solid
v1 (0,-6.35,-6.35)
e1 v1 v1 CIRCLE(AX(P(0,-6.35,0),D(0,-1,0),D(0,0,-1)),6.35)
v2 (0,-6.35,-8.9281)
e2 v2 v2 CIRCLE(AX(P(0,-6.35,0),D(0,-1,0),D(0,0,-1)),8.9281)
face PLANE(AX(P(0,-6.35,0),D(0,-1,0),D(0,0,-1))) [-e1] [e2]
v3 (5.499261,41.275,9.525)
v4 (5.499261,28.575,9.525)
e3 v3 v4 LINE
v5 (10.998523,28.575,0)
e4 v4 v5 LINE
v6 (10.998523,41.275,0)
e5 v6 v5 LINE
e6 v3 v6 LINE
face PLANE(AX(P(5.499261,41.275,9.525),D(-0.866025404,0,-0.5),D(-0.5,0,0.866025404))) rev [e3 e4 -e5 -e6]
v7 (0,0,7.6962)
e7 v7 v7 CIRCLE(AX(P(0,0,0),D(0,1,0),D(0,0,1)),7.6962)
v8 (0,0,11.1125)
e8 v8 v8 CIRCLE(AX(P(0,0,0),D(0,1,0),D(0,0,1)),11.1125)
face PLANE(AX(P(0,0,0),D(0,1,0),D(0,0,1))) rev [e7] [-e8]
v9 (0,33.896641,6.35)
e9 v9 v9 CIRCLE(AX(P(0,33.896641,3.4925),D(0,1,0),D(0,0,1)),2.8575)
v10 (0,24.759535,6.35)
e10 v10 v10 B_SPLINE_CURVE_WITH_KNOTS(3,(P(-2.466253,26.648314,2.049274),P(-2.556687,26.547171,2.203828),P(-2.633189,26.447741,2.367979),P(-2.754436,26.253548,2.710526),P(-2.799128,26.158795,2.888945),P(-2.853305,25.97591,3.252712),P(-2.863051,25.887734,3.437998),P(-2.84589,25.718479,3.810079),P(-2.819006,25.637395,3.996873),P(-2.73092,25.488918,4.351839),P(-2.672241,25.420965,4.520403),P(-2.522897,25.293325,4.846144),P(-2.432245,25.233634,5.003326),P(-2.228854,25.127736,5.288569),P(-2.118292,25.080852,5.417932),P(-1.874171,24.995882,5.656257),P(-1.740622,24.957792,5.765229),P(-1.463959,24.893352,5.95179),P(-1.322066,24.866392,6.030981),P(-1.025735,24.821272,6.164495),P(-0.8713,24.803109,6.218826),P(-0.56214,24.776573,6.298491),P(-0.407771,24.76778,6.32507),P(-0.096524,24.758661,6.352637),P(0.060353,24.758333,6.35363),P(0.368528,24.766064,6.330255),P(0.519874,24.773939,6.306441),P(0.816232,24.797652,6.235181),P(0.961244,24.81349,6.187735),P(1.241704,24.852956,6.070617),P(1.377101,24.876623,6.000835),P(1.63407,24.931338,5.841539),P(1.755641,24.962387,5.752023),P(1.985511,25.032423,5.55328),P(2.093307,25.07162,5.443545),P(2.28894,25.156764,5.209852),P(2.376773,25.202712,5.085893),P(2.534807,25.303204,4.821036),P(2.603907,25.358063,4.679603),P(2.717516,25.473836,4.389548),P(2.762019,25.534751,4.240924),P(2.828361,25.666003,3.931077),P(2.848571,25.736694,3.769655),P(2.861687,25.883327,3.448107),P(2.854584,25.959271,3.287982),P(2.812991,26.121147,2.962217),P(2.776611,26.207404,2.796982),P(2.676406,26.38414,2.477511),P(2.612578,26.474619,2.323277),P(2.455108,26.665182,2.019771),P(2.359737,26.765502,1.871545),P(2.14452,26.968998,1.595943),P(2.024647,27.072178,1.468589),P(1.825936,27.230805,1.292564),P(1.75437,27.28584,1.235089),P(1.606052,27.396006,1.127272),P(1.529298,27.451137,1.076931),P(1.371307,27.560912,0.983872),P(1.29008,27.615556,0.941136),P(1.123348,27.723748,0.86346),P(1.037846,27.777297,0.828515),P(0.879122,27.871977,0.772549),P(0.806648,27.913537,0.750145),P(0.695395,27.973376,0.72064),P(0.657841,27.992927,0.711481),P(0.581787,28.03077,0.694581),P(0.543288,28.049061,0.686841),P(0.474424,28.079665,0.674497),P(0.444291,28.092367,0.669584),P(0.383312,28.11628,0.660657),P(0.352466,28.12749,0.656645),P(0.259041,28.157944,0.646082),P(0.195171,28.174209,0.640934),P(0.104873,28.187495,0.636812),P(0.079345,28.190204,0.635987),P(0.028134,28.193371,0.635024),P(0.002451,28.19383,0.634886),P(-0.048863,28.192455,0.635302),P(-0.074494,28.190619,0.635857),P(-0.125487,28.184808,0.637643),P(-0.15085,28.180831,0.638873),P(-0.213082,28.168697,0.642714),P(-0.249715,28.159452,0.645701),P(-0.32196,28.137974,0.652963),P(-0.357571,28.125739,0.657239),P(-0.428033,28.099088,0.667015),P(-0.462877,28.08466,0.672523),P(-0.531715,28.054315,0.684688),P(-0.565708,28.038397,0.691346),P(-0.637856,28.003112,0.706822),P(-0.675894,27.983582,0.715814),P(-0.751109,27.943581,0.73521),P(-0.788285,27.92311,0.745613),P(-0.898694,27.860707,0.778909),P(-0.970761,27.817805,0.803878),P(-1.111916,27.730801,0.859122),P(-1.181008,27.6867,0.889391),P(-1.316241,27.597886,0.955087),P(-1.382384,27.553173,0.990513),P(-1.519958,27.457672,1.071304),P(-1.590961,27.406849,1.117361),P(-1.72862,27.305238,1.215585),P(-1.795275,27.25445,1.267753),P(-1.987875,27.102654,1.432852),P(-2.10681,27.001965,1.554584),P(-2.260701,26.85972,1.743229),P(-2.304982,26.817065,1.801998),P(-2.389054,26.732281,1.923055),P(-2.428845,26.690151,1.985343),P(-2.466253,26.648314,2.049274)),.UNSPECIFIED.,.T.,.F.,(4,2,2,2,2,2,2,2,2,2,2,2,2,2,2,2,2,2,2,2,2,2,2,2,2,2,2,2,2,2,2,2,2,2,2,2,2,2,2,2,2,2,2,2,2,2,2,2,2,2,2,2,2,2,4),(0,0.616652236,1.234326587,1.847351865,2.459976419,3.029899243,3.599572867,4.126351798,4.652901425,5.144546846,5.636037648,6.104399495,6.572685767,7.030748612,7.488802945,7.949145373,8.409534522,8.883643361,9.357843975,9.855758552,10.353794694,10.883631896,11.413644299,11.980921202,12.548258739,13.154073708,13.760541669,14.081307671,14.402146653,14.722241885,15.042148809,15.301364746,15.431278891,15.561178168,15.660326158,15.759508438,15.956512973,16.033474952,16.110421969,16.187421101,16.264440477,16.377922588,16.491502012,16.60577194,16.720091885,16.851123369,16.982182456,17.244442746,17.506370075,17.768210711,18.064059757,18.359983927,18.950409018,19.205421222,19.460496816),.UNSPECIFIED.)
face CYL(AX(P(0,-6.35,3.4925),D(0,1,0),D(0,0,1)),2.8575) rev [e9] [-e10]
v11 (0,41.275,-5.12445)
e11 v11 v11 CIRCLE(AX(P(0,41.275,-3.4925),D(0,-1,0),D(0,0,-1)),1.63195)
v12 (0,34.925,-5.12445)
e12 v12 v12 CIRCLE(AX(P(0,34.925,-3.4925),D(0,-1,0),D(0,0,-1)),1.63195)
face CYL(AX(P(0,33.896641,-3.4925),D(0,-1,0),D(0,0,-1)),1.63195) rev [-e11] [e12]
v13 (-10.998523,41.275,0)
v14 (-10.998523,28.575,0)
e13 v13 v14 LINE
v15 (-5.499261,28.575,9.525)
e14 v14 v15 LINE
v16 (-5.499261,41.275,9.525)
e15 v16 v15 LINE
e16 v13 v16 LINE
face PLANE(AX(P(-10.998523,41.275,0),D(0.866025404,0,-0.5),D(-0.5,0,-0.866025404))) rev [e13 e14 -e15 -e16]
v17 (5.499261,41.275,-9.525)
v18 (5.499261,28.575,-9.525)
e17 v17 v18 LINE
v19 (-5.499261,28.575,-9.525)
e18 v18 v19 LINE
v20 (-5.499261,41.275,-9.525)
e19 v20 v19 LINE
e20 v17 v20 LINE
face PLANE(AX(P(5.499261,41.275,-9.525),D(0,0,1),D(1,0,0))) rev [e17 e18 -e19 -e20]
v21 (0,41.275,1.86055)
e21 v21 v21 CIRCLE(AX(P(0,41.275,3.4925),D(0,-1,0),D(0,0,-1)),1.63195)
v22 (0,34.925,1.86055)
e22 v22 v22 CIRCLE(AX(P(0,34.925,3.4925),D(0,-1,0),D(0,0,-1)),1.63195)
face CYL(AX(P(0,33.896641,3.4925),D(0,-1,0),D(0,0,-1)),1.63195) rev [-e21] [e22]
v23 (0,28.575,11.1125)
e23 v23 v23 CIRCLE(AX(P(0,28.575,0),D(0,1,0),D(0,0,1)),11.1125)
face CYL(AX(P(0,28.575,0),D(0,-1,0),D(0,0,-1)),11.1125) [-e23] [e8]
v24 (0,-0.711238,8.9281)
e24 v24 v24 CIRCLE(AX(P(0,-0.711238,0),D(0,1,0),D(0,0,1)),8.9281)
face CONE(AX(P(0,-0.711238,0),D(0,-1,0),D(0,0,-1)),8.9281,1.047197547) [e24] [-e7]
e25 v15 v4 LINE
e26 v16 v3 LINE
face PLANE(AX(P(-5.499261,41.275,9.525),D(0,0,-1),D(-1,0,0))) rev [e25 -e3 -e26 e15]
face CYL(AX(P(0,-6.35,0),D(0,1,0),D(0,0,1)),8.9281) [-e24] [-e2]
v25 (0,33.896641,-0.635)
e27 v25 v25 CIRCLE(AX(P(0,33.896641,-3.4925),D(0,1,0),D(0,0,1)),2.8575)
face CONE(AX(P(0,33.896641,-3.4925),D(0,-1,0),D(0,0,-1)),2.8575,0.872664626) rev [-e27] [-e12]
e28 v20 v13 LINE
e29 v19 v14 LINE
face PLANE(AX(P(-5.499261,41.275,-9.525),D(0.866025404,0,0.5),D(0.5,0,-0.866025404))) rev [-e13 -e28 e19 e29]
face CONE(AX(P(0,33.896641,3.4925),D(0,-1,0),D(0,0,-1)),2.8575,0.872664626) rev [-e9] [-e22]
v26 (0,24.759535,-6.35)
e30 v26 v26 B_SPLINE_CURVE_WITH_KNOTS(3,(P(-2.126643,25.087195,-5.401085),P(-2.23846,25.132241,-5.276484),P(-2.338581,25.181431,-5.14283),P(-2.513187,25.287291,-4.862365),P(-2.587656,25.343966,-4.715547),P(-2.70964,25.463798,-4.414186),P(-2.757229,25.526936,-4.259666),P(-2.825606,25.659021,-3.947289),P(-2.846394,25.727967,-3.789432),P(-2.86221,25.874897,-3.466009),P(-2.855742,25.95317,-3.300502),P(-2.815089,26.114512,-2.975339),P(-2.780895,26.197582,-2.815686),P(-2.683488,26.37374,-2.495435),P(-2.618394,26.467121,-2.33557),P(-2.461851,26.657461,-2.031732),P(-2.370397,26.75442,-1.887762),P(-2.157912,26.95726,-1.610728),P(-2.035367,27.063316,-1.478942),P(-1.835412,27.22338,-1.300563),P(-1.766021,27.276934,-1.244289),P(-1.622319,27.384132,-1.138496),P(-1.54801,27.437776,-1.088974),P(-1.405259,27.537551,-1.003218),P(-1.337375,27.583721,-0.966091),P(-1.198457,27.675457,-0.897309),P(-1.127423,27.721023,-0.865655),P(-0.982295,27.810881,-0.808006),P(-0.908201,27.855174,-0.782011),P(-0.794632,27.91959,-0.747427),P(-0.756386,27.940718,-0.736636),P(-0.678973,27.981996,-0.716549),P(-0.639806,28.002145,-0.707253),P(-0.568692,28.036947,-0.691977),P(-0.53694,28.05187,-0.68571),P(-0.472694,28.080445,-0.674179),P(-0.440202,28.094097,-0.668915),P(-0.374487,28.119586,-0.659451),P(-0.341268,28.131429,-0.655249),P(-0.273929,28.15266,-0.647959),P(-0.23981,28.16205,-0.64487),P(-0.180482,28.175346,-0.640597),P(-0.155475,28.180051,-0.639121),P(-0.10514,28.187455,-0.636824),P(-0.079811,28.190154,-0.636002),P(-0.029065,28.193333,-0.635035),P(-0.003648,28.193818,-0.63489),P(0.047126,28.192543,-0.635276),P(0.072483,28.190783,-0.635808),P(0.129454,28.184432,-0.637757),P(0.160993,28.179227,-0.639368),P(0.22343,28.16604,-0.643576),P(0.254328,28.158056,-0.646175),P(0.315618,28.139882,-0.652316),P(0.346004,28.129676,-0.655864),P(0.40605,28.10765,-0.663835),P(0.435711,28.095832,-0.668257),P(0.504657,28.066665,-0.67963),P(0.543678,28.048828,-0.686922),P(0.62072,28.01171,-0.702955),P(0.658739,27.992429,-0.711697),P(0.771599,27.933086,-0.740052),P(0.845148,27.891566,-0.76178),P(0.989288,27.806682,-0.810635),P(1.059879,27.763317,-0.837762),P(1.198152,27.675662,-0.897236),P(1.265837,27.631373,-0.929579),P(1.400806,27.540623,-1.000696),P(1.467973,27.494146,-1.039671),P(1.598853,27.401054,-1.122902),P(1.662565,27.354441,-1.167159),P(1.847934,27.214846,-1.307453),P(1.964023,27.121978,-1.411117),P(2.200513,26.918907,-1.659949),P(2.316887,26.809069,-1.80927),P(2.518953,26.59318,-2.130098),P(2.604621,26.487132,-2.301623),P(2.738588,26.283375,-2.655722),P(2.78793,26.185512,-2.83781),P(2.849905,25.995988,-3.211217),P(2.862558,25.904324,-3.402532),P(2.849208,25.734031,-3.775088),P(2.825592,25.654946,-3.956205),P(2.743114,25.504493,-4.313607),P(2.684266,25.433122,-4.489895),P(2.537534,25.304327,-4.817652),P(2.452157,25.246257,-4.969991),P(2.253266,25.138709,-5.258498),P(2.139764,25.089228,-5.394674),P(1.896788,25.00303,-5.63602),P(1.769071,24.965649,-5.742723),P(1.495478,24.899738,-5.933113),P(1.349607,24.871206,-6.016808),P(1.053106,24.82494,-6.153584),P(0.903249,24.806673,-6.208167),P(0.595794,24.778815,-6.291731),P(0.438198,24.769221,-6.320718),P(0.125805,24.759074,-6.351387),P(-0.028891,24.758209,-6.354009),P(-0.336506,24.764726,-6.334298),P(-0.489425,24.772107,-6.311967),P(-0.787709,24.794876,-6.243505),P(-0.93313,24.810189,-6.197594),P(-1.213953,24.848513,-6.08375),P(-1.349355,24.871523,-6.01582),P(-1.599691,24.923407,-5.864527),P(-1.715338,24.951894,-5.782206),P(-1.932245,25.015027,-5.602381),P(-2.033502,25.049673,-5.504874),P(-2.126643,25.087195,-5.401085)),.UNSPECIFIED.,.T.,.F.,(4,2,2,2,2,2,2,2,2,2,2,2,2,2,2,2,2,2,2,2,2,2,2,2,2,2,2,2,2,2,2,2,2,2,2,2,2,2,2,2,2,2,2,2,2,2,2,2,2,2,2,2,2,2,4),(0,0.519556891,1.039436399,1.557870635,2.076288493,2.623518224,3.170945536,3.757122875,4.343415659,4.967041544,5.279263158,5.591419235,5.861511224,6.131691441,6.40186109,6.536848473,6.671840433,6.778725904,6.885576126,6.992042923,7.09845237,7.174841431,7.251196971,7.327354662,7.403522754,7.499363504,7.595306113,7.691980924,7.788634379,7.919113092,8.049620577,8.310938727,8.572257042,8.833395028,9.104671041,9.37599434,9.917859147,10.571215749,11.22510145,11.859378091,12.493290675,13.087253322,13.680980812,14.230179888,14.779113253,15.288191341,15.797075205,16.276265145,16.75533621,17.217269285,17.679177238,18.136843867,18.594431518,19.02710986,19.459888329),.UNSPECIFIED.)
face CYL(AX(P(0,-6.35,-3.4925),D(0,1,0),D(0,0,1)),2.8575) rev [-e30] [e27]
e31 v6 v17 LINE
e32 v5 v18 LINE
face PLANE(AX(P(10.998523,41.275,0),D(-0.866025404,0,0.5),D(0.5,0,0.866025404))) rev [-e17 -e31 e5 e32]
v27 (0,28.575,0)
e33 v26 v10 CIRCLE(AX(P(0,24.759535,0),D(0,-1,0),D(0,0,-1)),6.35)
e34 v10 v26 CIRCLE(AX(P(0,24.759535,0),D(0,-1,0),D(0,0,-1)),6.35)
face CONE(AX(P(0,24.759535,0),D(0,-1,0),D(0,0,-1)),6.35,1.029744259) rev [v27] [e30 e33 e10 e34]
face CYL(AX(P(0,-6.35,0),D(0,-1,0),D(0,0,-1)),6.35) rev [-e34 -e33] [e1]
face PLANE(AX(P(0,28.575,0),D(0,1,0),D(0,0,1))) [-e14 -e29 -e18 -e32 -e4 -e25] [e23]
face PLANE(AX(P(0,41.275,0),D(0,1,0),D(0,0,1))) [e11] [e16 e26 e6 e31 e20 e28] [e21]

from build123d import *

# Parameters (mm, degrees)
MAIN_BODY_PROFILE_R     = 11.1125
MAIN_BODY_EXTRUDE_DEPTH = 28.575
HEXAGON_BODY_DEPTH      = 12.7
TIP_PROFILE_R           = 8.9281
TIP_BODY_DEPTH          = 6.35
BACK_POWDER_HOLE_D      = 12.7
BACK_POWDER_HOLE_DEPTH  = 31.109535069
BACK_POWDER_HOLE_TIP    = 3.815464931
SCREW_HOLES_AT_2_COUNT  = 2
SCREW_HOLES_AT_2_PITCH  = 6.985
SKETCH12_R              = 2.8575
THROUGH_HOLES_DEPTH     = 41.246641376


with BuildPart() as part:
    # Main Body Profile → Main Body Extrude (new body)
    with BuildSketch(Plane(origin=(0, 0, 0), x_dir=(1, 0, 0), z_dir=(0, 1, 0))):
        Circle(MAIN_BODY_PROFILE_R)
    extrude(amount=MAIN_BODY_EXTRUDE_DEPTH)

    # Hexagon Profile → Hexagon Body (add)
    with BuildSketch(Plane(origin=(0, 28.575, 0), x_dir=(1, 0, 0), z_dir=(0, 1, 0))):
        Polygon((5.499261314, 9.525), (-5.499261314, 9.525), (-10.998522628, 0), (-5.499261314, -9.525), (5.499261314, -9.525), (10.998522628, 0), align=None)
    extrude(amount=HEXAGON_BODY_DEPTH)

    # Tip Profile → Tip Body (add)
    with BuildSketch(Plane.XZ):
        Circle(TIP_PROFILE_R)
    extrude(amount=TIP_BODY_DEPTH)

    # Back Powder Hole
    with Locations(Plane(origin=(0, -6.35, 0), x_dir=(-1, 0, 0), z_dir=(0, -1, 0))):
        with Locations((0, 0)):
            Hole(BACK_POWDER_HOLE_D / 2, depth=BACK_POWDER_HOLE_DEPTH)
            with Locations((0, 0, -(BACK_POWDER_HOLE_DEPTH + BACK_POWDER_HOLE_TIP / 2))):  # 118° drill point
                Cone(0, BACK_POWDER_HOLE_D / 2, BACK_POWDER_HOLE_TIP, mode=Mode.SUBTRACT)

    # Sketch11 → Screw Holes (revolve, cut)
    with BuildSketch(Plane(origin=(0, 33.896641376, 3.4925), x_dir=(0, 0, -1), z_dir=(1, 0, 0))):
        Polygon((0, 0), (0, 7.378358624), (1.63195, 7.378358624), (1.63195, 1.028358553), (2.8575, 0), align=None)
    screw_holes = revolve(axis=Axis((0, 27.546641376, 3.4925), (0, 1, 0)), mode=Mode.SUBTRACT)

    # Screw Holes at 2: Screw Holes ×2
    with Locations(*[(0, 0, -i * SCREW_HOLES_AT_2_PITCH) for i in range(1, SCREW_HOLES_AT_2_COUNT)]):
        add(screw_holes, mode=Mode.SUBTRACT)

    # Sketch12 → Through Holes (cut, through all)
    with BuildSketch(Plane(origin=(0, 33.896641376, 0), x_dir=(1, 0, 0), z_dir=(0, 1, 0))):
        with Locations((0, 3.4925)):
            Circle(SKETCH12_R)
        with Locations((0, -3.4925)):
            Circle(SKETCH12_R)
    extrude(amount=-THROUGH_HOLES_DEPTH, mode=Mode.SUBTRACT)

    # Sketch13 → Revolved Cut (revolve, cut)
    with BuildSketch(Plane.XY):
        Polygon((-8.9281, 0), (-7.696200006, 0), (-8.9281, -0.7112378), align=None)
    revolve(axis=Axis((0, 0, 0), (0, -1, 0)), mode=Mode.SUBTRACT)


solid = part.part
